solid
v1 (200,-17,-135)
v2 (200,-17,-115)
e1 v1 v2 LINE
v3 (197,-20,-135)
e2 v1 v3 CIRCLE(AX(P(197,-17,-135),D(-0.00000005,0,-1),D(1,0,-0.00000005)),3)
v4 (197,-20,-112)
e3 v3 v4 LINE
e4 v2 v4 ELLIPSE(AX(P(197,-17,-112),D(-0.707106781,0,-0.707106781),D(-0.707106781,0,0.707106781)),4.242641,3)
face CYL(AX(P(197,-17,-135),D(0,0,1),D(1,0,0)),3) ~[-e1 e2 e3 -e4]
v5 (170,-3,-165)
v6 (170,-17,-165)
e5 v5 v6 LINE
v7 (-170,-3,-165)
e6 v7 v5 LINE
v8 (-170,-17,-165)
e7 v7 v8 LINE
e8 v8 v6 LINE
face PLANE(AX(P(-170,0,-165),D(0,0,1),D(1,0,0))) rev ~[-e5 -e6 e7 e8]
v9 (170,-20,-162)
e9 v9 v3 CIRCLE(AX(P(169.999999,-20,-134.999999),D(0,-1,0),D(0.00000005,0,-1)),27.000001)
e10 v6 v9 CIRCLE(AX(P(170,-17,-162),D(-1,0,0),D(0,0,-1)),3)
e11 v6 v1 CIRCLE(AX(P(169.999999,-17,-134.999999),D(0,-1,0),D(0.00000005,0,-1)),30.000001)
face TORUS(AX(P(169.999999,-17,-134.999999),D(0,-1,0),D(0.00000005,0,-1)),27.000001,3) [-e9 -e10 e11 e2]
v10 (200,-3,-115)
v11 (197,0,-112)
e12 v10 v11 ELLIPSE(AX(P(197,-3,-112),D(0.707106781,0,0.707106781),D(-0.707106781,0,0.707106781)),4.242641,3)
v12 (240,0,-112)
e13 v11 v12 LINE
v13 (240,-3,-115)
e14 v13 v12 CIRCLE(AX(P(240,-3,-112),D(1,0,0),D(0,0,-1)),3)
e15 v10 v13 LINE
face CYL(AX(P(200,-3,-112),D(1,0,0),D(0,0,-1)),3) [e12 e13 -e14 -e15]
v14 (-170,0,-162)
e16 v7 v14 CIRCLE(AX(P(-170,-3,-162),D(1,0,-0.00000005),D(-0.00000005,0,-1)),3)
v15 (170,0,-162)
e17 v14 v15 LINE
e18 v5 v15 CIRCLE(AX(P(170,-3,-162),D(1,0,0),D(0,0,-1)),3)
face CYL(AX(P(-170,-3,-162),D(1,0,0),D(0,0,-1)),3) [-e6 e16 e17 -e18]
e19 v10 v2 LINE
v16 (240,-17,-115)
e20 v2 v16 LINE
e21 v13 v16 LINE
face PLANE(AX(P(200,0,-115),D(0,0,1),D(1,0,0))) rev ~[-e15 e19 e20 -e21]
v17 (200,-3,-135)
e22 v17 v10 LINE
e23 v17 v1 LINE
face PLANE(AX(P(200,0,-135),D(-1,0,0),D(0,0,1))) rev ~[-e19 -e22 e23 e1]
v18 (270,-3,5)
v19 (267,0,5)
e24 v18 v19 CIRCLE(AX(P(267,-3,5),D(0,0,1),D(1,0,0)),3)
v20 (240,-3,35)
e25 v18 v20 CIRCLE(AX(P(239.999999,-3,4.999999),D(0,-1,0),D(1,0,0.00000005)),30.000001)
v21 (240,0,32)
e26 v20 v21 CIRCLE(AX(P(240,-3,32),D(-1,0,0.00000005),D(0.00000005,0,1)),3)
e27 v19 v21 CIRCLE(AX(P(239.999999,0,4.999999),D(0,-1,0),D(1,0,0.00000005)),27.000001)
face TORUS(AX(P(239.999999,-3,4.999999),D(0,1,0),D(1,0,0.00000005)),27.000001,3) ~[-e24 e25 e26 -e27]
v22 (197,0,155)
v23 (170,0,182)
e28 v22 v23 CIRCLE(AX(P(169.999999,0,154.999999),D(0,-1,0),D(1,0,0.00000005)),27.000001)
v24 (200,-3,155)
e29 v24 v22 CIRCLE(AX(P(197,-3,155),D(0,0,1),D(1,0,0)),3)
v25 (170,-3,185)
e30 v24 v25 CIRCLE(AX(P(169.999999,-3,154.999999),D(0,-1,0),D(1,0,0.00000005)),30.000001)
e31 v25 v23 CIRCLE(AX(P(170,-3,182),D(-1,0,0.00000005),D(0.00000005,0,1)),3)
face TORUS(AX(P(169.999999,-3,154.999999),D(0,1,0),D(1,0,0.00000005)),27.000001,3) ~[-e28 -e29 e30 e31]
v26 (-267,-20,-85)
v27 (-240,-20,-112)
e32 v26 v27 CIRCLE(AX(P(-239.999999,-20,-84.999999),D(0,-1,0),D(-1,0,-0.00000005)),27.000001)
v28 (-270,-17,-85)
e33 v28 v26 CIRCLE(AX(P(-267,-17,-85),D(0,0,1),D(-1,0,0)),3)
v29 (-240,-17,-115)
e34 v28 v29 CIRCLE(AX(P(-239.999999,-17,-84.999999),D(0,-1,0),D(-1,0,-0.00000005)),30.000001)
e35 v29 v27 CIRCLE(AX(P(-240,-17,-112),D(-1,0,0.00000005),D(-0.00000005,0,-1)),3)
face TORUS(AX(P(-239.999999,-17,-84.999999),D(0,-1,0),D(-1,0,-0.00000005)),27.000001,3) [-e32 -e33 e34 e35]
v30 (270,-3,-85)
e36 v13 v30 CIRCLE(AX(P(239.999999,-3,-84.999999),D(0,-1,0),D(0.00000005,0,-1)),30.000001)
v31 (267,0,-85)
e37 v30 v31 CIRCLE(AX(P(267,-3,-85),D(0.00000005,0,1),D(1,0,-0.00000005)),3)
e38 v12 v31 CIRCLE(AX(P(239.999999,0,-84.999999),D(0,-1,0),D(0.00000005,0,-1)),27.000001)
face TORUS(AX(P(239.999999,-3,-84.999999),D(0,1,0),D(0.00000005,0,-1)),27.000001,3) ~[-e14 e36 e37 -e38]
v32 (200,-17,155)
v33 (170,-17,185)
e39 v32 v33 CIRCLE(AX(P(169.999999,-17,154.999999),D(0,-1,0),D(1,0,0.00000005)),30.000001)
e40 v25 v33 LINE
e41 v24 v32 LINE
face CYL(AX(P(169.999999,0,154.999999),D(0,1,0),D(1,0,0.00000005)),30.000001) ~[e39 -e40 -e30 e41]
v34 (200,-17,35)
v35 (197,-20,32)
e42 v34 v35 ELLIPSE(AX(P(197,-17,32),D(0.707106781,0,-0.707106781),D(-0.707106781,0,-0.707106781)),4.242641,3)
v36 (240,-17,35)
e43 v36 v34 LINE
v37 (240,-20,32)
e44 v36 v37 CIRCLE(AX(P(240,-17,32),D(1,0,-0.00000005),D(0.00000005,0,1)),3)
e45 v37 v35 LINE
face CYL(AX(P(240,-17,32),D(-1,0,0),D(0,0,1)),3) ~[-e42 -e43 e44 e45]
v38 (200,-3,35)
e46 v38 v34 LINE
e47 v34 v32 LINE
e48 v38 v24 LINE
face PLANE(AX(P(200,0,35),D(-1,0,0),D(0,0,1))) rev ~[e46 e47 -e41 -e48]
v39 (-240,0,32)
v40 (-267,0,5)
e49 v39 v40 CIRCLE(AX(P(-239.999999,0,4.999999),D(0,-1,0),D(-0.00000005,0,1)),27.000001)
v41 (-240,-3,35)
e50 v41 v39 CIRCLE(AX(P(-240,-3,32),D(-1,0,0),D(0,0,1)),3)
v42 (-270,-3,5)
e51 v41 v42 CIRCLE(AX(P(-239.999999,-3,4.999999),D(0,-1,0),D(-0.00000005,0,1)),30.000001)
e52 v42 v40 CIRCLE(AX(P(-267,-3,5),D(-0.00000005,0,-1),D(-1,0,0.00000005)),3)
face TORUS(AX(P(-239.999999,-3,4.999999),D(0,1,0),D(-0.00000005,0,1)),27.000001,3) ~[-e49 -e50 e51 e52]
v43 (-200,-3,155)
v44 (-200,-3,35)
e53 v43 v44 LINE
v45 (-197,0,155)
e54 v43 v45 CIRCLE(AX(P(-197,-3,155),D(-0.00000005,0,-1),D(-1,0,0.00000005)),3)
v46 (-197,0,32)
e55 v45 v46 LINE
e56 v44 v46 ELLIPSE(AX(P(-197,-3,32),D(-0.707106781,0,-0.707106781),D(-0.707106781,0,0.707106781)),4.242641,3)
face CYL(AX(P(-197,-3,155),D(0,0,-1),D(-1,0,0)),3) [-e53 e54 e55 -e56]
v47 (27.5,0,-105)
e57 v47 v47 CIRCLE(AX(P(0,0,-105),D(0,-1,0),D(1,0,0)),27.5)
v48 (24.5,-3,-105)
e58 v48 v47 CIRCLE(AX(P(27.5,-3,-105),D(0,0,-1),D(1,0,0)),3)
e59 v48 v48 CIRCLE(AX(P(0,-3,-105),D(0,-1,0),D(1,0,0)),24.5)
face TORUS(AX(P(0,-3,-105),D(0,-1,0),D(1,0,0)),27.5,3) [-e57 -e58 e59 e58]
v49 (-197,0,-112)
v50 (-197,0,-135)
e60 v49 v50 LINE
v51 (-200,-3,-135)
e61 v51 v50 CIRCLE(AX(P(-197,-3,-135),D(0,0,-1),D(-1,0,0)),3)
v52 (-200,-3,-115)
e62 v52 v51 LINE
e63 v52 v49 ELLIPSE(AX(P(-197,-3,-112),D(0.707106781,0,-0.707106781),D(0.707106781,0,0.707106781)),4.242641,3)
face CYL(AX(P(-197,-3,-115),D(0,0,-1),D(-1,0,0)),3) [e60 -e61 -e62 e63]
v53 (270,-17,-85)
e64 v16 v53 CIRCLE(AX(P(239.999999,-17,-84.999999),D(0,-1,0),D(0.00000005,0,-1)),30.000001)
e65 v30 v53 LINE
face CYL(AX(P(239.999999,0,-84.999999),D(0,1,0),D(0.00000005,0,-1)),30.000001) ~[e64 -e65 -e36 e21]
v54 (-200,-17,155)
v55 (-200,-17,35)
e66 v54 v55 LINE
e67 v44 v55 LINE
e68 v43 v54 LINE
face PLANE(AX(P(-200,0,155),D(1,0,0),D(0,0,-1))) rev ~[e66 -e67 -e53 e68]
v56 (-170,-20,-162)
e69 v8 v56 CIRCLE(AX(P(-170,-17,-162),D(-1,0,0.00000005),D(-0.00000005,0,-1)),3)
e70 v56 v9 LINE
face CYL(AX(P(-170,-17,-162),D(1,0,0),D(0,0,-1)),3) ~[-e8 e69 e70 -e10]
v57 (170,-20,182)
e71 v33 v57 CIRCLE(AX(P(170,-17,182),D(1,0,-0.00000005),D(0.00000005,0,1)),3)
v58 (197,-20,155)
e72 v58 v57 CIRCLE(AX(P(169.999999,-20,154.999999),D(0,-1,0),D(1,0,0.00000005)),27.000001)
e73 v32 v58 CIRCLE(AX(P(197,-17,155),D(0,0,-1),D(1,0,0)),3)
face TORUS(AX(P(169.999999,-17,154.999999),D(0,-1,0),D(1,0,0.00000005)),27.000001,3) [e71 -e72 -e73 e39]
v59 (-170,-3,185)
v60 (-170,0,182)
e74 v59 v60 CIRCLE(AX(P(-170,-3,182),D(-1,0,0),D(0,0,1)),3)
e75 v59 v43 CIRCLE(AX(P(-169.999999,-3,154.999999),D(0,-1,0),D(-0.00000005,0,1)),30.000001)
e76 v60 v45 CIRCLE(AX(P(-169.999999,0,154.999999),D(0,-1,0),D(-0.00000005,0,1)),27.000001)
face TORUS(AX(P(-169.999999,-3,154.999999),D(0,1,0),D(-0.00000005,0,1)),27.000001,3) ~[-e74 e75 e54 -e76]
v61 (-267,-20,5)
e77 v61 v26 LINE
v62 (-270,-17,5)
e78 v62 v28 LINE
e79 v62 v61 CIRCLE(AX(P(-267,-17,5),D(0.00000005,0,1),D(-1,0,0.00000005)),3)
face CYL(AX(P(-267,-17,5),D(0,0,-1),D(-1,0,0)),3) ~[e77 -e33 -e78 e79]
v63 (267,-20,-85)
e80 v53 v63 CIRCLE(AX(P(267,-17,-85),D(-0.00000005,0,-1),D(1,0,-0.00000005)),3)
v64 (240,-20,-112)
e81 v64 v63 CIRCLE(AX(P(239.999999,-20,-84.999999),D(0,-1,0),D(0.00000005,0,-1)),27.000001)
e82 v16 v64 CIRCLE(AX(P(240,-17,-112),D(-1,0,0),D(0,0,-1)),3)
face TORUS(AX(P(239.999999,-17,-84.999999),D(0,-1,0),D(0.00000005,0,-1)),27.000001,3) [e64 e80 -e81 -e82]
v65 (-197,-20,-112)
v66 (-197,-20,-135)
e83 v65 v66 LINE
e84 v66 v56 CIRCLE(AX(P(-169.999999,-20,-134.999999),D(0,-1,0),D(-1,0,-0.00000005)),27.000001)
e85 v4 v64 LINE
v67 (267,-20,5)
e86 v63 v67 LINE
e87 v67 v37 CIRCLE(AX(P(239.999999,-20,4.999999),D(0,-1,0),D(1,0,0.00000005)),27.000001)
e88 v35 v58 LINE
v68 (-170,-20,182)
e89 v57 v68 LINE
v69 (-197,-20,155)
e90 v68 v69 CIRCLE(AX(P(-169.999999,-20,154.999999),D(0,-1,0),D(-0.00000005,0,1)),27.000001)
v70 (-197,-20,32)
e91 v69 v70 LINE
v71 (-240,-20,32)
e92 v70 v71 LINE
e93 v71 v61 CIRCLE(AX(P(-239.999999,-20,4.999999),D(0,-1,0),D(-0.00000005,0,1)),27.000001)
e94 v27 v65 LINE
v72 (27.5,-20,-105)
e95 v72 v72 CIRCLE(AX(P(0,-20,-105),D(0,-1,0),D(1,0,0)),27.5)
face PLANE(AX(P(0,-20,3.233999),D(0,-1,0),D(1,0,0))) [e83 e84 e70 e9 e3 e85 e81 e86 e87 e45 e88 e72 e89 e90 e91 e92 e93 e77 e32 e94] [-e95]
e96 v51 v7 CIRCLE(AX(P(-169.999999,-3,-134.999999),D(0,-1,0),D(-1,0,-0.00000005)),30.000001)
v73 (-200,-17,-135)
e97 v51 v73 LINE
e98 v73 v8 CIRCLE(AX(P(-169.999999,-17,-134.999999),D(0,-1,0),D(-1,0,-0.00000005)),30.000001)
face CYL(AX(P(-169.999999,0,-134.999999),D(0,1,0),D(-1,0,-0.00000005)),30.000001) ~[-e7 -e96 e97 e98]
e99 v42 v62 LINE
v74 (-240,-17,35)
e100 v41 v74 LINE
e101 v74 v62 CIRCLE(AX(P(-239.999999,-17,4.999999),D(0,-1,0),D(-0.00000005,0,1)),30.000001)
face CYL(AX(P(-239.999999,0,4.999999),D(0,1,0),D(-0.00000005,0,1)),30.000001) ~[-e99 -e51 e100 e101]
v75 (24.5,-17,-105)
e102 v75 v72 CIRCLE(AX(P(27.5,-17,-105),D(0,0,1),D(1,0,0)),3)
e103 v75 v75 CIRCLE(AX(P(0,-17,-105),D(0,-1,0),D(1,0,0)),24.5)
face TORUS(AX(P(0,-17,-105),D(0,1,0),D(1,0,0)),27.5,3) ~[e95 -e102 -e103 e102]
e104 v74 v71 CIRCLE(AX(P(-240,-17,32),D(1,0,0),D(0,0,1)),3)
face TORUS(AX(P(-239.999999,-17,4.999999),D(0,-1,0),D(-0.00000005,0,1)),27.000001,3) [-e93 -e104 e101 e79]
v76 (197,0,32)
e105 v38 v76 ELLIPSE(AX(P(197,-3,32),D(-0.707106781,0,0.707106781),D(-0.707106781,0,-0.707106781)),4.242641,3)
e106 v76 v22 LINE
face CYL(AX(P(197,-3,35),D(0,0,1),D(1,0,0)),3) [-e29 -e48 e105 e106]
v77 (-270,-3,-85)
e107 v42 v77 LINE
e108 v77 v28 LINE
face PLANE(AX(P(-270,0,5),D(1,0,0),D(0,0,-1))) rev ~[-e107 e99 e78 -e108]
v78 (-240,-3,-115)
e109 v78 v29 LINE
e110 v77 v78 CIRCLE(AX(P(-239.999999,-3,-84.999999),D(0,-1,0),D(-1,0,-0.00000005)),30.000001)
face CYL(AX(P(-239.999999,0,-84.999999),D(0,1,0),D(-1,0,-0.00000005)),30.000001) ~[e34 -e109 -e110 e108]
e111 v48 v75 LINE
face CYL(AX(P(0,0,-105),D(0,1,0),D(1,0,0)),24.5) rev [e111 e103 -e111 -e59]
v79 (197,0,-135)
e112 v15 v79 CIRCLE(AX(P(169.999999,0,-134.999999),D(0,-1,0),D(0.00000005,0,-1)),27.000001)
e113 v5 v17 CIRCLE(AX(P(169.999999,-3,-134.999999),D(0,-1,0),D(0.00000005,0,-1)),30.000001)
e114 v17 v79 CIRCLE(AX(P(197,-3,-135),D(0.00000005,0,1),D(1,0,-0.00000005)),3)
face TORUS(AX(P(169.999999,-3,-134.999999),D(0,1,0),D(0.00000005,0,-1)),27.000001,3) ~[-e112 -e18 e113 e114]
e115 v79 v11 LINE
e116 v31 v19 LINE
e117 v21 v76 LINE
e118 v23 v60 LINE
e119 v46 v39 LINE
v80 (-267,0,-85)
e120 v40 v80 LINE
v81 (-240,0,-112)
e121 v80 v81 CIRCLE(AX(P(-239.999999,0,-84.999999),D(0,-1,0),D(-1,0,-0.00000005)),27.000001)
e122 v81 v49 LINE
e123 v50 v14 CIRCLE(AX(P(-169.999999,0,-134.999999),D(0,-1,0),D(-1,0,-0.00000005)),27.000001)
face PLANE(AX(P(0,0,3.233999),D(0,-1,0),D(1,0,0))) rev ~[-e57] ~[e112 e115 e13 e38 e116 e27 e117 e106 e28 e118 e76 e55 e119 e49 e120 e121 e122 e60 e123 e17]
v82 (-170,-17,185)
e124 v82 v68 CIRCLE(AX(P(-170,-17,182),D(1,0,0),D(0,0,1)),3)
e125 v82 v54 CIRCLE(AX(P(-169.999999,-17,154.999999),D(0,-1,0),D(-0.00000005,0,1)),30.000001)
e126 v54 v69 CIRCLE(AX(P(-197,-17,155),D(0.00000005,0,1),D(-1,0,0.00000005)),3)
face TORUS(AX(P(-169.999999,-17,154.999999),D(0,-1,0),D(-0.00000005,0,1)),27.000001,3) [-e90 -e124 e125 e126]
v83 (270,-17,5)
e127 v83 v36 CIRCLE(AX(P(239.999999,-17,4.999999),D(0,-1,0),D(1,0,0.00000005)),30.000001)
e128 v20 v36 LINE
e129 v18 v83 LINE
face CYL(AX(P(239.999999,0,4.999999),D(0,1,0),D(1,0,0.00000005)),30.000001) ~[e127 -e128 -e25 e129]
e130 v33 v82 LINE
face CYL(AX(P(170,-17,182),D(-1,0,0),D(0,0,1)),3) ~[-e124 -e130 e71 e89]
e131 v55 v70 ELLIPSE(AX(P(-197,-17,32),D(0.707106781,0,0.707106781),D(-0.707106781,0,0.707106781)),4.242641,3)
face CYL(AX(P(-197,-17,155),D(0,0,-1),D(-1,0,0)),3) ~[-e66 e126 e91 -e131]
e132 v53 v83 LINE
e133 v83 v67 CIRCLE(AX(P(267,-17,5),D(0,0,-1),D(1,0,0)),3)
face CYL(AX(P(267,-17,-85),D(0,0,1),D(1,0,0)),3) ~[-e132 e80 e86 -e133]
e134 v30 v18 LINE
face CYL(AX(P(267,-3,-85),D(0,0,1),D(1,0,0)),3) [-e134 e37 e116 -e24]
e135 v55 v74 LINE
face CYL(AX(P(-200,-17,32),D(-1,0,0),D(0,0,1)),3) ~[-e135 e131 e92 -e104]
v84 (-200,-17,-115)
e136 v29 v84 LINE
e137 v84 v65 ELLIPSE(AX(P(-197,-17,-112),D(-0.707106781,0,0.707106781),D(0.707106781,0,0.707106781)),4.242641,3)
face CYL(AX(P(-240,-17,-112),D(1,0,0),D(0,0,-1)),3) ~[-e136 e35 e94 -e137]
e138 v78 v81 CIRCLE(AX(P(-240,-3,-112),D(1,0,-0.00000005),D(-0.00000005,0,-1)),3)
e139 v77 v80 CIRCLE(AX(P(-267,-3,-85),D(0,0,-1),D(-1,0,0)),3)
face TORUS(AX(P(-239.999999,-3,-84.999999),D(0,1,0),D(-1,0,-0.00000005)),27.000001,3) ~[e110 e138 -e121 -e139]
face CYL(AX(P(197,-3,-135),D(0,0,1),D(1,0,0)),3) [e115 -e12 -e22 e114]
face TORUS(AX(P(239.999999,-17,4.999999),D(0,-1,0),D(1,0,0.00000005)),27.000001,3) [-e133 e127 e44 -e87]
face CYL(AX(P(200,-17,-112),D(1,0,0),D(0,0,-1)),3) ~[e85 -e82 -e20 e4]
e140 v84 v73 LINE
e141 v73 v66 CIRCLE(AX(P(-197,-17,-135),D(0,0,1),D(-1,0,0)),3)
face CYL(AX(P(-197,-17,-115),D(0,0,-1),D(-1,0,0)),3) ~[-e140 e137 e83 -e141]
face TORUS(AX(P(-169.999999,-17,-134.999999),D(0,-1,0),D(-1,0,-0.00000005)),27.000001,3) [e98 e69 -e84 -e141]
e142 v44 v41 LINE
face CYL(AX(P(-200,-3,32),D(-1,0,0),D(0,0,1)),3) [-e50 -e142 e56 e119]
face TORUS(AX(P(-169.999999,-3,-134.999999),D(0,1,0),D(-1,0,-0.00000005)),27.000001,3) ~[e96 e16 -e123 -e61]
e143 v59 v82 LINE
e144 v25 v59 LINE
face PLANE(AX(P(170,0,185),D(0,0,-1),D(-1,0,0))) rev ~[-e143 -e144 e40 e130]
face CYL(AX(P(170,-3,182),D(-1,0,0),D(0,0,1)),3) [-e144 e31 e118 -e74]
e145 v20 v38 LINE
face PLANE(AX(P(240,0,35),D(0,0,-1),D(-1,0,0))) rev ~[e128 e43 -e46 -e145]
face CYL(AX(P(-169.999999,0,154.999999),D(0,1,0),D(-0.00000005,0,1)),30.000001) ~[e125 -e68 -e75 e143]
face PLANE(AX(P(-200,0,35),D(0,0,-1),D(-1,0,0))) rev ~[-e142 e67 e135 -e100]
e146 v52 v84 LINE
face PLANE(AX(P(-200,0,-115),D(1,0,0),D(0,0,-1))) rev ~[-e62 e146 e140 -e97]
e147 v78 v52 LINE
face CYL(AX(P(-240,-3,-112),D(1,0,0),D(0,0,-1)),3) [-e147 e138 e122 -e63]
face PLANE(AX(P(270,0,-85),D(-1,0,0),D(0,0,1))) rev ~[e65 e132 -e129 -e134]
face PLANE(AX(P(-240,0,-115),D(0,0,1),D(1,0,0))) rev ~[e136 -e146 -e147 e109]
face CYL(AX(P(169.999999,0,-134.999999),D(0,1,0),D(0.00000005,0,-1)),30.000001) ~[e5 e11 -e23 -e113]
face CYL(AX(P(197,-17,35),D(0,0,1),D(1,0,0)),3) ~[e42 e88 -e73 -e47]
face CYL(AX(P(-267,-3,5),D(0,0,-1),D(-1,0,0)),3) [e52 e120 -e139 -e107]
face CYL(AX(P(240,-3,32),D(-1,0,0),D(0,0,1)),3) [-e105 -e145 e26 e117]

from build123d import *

# Parameters (mm, degrees)
F0_R     = 24.5
F1_DEPTH = 20
F2_R     = 3


with BuildPart() as f1:
    # F0 (on Front) → F1 (new body)
    with BuildSketch(Plane.XZ):
        with BuildLine():
            ThreePointArc((170, -165), (191.213203, -156.213203), (200, -135))
            Line((200, -135), (200, -115))
            Line((200, -115), (240, -115))
            ThreePointArc((240, -115), (261.213203, -106.213203), (270, -85))
            Line((270, -85), (270, 5))
            ThreePointArc((270, 5), (261.213203, 26.213203), (240, 35))
            Line((240, 35), (200, 35))
            Line((200, 35), (200, 155))
            ThreePointArc((200, 155), (191.213203, 176.213203), (170, 185))
            Line((170, 185), (0, 185))
            Line((0, 185), (-170, 185))
            ThreePointArc((-170, 185), (-191.213203, 176.213203), (-200, 155))
            Line((-200, 155), (-200, 35))
            Line((-200, 35), (-240, 35))
            ThreePointArc((-240, 35), (-261.213203, 26.213203), (-270, 5))
            Line((-270, 5), (-270, -85))
            ThreePointArc((-270, -85), (-261.213203, -106.213203), (-240, -115))
            Line((-240, -115), (-200, -115))
            Line((-200, -115), (-200, -135))
            ThreePointArc((-200, -135), (-191.213203, -156.213203), (-170, -165))
            Line((-170, -165), (0, -165))
            Line((0, -165), (170, -165))
        make_face()
        with Locations((0, -105)):
            Circle(F0_R, mode=Mode.SUBTRACT)
    extrude(amount=F1_DEPTH)

    # F2
    f2_edges = [f1.edges().sort_by_distance(p)[0] for p in [
        (-261.213203, 0, 26.213203),
        (-270, 0, -40),
        (-261.213203, 0, -106.213203),
        (-220, 0, -115),
        (-200, 0, -125),
        (-191.213203, 0, -156.213203),
        (0, 0, -165),
        (191.213203, 0, -156.213203),
        (200, 0, -125),
        (220, 0, -115),
        (261.213203, 0, -106.213203),
        (270, 0, -40),
        (261.213203, 0, 26.213203),
        (220, 0, 35),
        (200, 0, 95),
        (191.213203, 0, 176.213203),
        (0, 0, 185),
        (-191.213203, 0, 176.213203),
        (-200, 0, 95),
        (-220, 0, 35),
        (-24.5, 0, -105),
        (-261.213203, -20, 26.213203),
        (-270, -20, -40),
        (-261.213203, -20, -106.213203),
        (-220, -20, -115),
        (-200, -20, -125),
        (-191.213203, -20, -156.213203),
        (0, -20, -165),
        (191.213203, -20, -156.213203),
        (200, -20, -125),
        (220, -20, -115),
        (261.213203, -20, -106.213203),
        (270, -20, -40),
        (261.213203, -20, 26.213203),
        (220, -20, 35),
        (200, -20, 95),
        (191.213203, -20, 176.213203),
        (0, -20, 185),
        (-191.213203, -20, 176.213203),
        (-200, -20, 95),
        (-220, -20, 35),
        (-24.5, -20, -105),
    ]]
    fillet(f2_edges, radius=F2_R)


solid = f1.part
